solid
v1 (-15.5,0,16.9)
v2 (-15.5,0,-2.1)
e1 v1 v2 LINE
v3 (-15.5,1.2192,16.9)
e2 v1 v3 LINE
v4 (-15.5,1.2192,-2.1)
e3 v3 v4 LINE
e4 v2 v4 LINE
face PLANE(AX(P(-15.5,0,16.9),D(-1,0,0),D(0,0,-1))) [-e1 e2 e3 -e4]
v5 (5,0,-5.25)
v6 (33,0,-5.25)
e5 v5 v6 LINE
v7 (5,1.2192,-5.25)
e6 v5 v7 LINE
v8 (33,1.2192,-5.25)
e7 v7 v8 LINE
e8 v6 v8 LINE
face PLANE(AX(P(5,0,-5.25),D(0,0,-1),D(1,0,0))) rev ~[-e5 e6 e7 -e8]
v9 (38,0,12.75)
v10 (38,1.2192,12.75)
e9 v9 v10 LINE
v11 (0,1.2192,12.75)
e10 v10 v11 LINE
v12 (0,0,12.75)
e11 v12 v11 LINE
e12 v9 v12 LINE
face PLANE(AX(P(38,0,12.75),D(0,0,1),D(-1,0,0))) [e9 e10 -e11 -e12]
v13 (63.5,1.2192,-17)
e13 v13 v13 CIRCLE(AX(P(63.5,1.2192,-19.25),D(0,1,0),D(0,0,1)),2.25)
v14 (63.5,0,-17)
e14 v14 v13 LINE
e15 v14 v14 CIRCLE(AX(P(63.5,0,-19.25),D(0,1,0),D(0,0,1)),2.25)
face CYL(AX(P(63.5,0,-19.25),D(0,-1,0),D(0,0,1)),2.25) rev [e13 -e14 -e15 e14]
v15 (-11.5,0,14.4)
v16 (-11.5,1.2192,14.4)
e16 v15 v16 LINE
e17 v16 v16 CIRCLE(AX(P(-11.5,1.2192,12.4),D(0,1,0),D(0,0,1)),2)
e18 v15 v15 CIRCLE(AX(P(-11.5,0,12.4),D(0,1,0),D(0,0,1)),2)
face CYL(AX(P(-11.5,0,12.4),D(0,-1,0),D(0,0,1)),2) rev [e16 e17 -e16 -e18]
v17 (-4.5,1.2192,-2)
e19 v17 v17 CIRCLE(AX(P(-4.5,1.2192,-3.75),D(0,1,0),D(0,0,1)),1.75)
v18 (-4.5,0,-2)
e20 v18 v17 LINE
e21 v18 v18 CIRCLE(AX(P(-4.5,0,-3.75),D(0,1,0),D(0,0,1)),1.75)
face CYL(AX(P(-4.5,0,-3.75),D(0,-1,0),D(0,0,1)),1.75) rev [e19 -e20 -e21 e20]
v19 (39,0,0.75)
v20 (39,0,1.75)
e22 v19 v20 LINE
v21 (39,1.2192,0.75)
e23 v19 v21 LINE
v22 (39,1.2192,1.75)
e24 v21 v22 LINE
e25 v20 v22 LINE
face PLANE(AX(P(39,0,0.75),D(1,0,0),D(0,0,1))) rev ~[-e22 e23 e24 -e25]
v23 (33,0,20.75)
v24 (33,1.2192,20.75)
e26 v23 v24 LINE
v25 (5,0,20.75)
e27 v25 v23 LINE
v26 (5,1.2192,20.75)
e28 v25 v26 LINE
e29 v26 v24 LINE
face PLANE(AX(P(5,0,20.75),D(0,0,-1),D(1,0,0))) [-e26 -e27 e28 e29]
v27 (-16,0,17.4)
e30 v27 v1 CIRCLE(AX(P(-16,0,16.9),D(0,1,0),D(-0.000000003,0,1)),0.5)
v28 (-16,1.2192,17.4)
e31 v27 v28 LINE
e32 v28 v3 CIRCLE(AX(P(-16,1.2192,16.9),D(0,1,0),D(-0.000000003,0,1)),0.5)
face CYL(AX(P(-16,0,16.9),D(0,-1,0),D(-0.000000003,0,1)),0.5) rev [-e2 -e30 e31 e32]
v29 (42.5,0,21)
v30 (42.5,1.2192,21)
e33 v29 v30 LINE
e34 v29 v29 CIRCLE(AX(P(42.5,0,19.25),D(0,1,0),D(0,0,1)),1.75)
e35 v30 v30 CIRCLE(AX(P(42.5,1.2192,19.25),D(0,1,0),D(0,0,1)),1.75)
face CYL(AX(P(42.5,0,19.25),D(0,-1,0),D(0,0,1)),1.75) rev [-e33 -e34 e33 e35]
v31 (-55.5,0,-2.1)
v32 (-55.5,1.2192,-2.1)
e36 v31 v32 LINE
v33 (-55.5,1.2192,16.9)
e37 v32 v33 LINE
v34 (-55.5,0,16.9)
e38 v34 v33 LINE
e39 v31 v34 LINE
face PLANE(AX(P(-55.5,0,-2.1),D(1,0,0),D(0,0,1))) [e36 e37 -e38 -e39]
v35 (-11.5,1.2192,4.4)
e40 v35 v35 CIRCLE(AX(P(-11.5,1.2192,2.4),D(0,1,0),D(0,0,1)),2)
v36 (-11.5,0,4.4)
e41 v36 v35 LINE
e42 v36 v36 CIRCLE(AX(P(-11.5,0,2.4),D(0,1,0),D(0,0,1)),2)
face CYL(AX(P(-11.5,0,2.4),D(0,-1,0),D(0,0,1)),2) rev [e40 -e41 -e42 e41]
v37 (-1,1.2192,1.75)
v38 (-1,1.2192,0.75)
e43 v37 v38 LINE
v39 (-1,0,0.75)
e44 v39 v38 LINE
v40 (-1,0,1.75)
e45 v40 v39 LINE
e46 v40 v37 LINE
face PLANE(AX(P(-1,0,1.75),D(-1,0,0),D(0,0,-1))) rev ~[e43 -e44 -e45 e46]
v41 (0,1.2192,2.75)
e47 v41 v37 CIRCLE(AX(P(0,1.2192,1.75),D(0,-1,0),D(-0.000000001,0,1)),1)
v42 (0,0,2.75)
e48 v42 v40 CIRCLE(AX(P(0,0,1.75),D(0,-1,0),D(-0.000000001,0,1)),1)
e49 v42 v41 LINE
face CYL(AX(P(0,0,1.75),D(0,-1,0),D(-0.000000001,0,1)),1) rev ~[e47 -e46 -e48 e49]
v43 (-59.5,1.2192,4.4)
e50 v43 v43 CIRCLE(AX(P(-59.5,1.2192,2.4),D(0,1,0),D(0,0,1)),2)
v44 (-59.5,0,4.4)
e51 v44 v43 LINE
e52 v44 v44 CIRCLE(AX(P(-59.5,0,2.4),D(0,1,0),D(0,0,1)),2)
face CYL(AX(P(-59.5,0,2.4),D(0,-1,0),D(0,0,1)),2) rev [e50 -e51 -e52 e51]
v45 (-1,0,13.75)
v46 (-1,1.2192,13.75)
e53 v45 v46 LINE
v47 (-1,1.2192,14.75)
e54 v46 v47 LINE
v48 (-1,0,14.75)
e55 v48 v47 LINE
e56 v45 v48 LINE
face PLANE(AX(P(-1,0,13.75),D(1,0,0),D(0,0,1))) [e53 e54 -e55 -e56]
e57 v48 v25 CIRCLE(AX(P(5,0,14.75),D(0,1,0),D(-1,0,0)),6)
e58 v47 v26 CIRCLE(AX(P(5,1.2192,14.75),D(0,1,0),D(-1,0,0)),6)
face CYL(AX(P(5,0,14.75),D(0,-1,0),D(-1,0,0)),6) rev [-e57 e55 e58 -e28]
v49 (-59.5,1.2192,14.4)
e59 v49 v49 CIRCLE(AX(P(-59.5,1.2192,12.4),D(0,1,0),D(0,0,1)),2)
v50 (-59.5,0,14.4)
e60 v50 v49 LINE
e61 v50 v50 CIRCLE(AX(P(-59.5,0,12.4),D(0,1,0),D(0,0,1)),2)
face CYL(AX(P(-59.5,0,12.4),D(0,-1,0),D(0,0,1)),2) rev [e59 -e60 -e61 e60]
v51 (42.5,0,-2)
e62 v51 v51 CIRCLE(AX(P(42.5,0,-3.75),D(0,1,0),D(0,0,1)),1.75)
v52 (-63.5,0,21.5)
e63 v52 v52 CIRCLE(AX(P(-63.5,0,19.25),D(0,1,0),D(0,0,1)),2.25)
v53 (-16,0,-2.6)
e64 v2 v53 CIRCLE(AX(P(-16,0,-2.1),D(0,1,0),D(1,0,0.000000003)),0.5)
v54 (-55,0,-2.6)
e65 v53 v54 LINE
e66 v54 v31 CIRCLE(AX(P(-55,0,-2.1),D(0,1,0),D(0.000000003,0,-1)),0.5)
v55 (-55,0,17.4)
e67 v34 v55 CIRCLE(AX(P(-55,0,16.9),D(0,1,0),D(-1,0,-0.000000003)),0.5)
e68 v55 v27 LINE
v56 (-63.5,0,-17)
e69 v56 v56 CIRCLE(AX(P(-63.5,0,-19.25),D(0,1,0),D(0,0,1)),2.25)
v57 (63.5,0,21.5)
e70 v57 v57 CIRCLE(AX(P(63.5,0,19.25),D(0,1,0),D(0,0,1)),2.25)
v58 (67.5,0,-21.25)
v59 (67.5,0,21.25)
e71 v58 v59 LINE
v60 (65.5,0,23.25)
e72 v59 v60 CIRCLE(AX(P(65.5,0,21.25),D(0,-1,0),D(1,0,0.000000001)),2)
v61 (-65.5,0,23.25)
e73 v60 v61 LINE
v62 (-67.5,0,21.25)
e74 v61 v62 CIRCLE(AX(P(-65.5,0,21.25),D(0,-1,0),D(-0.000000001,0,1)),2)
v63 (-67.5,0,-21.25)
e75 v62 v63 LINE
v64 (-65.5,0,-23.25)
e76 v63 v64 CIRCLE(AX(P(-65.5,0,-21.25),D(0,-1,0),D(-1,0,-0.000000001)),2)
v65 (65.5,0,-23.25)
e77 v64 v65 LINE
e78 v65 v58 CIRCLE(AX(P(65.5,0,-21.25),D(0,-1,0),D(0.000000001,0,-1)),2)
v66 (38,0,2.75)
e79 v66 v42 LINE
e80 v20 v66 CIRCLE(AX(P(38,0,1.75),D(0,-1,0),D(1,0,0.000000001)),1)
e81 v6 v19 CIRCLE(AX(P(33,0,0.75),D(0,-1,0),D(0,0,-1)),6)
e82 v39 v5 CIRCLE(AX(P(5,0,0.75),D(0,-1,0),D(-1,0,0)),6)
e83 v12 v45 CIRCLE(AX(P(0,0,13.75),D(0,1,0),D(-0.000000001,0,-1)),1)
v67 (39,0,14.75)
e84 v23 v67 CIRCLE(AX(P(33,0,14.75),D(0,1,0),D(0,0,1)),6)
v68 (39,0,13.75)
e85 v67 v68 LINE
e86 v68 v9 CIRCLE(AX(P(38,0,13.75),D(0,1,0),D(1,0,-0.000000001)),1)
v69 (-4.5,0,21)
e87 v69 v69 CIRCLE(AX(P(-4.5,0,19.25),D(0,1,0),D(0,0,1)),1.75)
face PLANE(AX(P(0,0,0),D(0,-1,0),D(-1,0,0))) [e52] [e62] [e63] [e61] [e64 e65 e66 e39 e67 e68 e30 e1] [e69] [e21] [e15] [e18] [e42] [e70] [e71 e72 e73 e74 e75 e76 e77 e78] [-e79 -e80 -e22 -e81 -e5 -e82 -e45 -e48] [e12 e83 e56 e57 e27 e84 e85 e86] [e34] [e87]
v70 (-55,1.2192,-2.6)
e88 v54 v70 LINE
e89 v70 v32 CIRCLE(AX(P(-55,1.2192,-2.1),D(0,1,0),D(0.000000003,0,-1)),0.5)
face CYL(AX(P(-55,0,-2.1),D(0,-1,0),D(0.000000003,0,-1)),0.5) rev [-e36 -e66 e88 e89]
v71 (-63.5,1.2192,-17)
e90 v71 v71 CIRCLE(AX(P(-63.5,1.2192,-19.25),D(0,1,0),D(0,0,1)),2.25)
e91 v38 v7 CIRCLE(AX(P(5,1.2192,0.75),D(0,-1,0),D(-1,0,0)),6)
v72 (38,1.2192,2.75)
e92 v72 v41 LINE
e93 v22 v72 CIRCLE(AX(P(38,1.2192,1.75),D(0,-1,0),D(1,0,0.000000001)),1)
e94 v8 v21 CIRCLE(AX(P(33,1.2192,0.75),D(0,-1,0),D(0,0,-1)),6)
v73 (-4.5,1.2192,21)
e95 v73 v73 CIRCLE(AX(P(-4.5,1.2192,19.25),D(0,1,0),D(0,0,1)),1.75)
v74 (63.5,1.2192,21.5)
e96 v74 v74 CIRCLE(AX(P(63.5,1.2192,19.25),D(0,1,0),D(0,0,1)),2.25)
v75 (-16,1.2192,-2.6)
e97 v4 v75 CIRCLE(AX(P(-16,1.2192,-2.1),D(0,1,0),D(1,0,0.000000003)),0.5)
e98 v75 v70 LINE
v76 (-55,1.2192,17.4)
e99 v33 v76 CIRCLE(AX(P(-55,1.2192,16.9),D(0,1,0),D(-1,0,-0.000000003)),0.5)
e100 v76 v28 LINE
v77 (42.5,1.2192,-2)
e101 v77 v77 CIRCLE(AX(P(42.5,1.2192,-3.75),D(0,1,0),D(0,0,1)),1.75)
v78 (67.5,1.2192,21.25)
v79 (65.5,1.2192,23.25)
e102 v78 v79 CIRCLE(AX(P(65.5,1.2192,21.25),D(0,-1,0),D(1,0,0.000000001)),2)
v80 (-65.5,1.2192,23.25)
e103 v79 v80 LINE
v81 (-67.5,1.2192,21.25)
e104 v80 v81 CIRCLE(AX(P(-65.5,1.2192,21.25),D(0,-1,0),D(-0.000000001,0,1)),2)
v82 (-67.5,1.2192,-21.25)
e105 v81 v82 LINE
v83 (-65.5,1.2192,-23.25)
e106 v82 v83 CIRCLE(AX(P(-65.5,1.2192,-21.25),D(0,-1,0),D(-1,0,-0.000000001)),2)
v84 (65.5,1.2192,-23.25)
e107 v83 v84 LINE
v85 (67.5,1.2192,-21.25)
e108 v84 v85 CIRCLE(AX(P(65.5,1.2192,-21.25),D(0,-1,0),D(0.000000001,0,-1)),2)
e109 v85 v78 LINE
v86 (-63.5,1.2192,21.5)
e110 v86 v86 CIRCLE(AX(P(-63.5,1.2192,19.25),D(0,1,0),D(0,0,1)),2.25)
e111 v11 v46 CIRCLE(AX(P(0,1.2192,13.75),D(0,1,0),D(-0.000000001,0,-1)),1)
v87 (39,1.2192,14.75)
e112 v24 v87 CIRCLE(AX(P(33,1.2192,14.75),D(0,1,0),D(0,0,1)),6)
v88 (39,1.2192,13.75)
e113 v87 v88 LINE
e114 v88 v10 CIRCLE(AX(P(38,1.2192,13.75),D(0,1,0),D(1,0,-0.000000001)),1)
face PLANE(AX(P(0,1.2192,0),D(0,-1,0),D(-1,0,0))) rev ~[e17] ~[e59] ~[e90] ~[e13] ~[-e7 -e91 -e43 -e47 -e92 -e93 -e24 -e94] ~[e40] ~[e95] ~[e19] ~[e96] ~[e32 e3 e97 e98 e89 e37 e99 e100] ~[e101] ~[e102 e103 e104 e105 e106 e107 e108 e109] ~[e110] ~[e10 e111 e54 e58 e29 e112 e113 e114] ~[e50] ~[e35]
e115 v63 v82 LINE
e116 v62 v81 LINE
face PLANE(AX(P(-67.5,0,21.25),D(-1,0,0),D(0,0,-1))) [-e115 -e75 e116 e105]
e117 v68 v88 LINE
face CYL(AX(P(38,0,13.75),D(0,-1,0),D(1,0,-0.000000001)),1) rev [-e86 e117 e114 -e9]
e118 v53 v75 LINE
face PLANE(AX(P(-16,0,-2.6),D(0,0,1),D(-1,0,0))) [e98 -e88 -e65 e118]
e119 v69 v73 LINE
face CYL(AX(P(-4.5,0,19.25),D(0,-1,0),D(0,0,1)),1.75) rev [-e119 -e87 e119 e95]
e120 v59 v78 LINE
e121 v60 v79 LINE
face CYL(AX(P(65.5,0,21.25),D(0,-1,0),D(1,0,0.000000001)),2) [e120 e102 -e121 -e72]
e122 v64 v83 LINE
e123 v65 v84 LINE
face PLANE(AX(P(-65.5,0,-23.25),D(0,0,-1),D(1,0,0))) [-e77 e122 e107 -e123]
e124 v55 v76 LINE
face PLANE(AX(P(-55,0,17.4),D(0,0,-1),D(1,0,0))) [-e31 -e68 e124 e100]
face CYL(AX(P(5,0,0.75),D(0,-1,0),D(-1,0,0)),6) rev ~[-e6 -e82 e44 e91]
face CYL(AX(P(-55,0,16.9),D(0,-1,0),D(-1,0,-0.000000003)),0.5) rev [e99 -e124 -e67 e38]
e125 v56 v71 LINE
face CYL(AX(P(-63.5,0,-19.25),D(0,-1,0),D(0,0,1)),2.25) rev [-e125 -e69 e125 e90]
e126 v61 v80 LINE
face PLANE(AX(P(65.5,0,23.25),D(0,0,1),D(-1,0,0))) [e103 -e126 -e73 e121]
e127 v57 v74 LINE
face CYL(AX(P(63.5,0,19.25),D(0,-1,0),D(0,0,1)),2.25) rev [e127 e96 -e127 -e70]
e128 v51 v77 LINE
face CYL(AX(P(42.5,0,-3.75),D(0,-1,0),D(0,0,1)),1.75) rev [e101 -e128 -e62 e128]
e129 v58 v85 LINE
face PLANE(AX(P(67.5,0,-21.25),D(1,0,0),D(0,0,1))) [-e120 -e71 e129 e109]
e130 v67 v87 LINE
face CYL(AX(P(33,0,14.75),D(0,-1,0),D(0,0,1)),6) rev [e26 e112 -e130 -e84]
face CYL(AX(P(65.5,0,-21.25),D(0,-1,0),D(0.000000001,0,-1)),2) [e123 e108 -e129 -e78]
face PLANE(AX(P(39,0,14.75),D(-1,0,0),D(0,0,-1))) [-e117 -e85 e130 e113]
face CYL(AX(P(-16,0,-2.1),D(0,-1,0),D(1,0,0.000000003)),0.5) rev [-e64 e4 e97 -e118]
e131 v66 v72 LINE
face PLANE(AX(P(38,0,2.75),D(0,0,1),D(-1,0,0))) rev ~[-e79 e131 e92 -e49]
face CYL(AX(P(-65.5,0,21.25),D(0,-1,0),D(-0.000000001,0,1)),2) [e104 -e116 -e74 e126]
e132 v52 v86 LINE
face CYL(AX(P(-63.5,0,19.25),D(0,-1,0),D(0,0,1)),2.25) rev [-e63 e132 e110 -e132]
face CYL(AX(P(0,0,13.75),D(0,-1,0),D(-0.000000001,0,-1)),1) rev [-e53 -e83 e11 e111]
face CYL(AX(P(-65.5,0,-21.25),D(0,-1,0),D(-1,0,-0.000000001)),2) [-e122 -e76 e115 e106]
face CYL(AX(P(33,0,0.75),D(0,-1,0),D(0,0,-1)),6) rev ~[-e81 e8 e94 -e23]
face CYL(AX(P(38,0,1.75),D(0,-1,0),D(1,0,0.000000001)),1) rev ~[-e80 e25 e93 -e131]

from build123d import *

# Parameters (mm, degrees)
BASE_R      = 2.25
BASE_R_2    = 1.75
BASE_R_3    = 2
SHEET_DEPTH = 1.2192


with BuildPart() as part:
    # BASE → SHEET (new body)
    with BuildSketch(Plane(origin=(0, 0, 0), x_dir=(1, 0, 0), z_dir=(0, 1, 0))):
        with BuildLine():
            Line((65.5, -23.25), (-65.5, -23.25))
            ThreePointArc((-65.5, -23.25), (-66.914213562, -22.664213562), (-67.5, -21.25))
            Line((-67.5, -21.25), (-67.5, 21.25))
            ThreePointArc((-67.5, 21.25), (-66.914213562, 22.664213562), (-65.5, 23.25))
            Line((-65.5, 23.25), (65.5, 23.25))
            ThreePointArc((65.5, 23.25), (66.914213562, 22.664213562), (67.5, 21.25))
            Line((67.5, 21.25), (67.5, -21.25))
            ThreePointArc((67.5, -21.25), (66.914213562, -22.664213562), (65.5, -23.25))
        make_face()
        with Locations(Location((-63.5, 19.25, 0), (0, 0, 270))):
            Circle(BASE_R, mode=Mode.SUBTRACT)
        with Locations(Location((-63.5, -19.25, 0), (0, 0, 270))):
            Circle(BASE_R, mode=Mode.SUBTRACT)
        with Locations(Location((63.5, -19.25, 0), (0, 0, 270))):
            Circle(BASE_R, mode=Mode.SUBTRACT)
        with Locations(Location((63.5, 19.25, 0), (0, 0, 270))):
            Circle(BASE_R, mode=Mode.SUBTRACT)
        with Locations(Location((-4.5, 3.75, 0), (0, 0, 270))):
            Circle(BASE_R_2, mode=Mode.SUBTRACT)
        with Locations(Location((42.5, 3.75, 0), (0, 0, 270))):
            Circle(BASE_R_2, mode=Mode.SUBTRACT)
        with Locations(Location((42.5, -19.25, 0), (0, 0, 270))):
            Circle(BASE_R_2, mode=Mode.SUBTRACT)
        with Locations(Location((-4.5, -19.25, 0), (0, 0, 270))):
            Circle(BASE_R_2, mode=Mode.SUBTRACT)
        with Locations(Location((-59.5, -2.4, 0), (0, 0, 270))):
            Circle(BASE_R_3, mode=Mode.SUBTRACT)
        with Locations(Location((-59.5, -12.4, 0), (0, 0, 270))):
            Circle(BASE_R_3, mode=Mode.SUBTRACT)
        with Locations(Location((-11.5, -2.4, 0), (0, 0, 270))):
            Circle(BASE_R_3, mode=Mode.SUBTRACT)
        with Locations(Location((-11.5, -12.4, 0), (0, 0, 270))):
            Circle(BASE_R_3, mode=Mode.SUBTRACT)
        with BuildLine():
            Line((5, -20.75), (33, -20.75))
            ThreePointArc((33, -20.75), (37.242640687, -18.992640687), (39, -14.75))
            Line((39, -14.75), (39, -13.75))
            ThreePointArc((39, -13.75), (38.707106781, -13.042893219), (38, -12.75))
            Line((38, -12.75), (0, -12.75))
            ThreePointArc((0, -12.75), (-0.707106781, -13.042893219), (-1, -13.75))
            Line((-1, -13.75), (-1, -14.75))
            ThreePointArc((-1, -14.75), (0.757359313, -18.992640687), (5, -20.75))
        make_face(mode=Mode.SUBTRACT)
        with BuildLine():
            Line((5, 5.25), (33, 5.25))
            ThreePointArc((33, 5.25), (37.242640687, 3.492640687), (39, -0.75))
            Line((39, -0.75), (39, -1.75))
            ThreePointArc((39, -1.75), (38.707106781, -2.457106781), (38, -2.75))
            Line((38, -2.75), (0, -2.75))
            ThreePointArc((0, -2.75), (-0.707106781, -2.457106781), (-1, -1.75))
            Line((-1, -1.75), (-1, -0.75))
            ThreePointArc((-1, -0.75), (0.757359313, 3.492640687), (5, 5.25))
        make_face(mode=Mode.SUBTRACT)
        with BuildLine():
            Line((-55, -17.4), (-16, -17.4))
            ThreePointArc((-16, -17.4), (-15.646446609, -17.253553391), (-15.5, -16.9))
            Line((-15.5, -16.9), (-15.5, 2.1))
            ThreePointArc((-15.5, 2.1), (-15.646446609, 2.453553391), (-16, 2.6))
            Line((-16, 2.6), (-55, 2.6))
            ThreePointArc((-55, 2.6), (-55.353553391, 2.453553391), (-55.5, 2.1))
            Line((-55.5, 2.1), (-55.5, -16.9))
            ThreePointArc((-55.5, -16.9), (-55.353553391, -17.253553391), (-55, -17.4))
        make_face(mode=Mode.SUBTRACT)
    extrude(amount=SHEET_DEPTH)


solid = part.part
